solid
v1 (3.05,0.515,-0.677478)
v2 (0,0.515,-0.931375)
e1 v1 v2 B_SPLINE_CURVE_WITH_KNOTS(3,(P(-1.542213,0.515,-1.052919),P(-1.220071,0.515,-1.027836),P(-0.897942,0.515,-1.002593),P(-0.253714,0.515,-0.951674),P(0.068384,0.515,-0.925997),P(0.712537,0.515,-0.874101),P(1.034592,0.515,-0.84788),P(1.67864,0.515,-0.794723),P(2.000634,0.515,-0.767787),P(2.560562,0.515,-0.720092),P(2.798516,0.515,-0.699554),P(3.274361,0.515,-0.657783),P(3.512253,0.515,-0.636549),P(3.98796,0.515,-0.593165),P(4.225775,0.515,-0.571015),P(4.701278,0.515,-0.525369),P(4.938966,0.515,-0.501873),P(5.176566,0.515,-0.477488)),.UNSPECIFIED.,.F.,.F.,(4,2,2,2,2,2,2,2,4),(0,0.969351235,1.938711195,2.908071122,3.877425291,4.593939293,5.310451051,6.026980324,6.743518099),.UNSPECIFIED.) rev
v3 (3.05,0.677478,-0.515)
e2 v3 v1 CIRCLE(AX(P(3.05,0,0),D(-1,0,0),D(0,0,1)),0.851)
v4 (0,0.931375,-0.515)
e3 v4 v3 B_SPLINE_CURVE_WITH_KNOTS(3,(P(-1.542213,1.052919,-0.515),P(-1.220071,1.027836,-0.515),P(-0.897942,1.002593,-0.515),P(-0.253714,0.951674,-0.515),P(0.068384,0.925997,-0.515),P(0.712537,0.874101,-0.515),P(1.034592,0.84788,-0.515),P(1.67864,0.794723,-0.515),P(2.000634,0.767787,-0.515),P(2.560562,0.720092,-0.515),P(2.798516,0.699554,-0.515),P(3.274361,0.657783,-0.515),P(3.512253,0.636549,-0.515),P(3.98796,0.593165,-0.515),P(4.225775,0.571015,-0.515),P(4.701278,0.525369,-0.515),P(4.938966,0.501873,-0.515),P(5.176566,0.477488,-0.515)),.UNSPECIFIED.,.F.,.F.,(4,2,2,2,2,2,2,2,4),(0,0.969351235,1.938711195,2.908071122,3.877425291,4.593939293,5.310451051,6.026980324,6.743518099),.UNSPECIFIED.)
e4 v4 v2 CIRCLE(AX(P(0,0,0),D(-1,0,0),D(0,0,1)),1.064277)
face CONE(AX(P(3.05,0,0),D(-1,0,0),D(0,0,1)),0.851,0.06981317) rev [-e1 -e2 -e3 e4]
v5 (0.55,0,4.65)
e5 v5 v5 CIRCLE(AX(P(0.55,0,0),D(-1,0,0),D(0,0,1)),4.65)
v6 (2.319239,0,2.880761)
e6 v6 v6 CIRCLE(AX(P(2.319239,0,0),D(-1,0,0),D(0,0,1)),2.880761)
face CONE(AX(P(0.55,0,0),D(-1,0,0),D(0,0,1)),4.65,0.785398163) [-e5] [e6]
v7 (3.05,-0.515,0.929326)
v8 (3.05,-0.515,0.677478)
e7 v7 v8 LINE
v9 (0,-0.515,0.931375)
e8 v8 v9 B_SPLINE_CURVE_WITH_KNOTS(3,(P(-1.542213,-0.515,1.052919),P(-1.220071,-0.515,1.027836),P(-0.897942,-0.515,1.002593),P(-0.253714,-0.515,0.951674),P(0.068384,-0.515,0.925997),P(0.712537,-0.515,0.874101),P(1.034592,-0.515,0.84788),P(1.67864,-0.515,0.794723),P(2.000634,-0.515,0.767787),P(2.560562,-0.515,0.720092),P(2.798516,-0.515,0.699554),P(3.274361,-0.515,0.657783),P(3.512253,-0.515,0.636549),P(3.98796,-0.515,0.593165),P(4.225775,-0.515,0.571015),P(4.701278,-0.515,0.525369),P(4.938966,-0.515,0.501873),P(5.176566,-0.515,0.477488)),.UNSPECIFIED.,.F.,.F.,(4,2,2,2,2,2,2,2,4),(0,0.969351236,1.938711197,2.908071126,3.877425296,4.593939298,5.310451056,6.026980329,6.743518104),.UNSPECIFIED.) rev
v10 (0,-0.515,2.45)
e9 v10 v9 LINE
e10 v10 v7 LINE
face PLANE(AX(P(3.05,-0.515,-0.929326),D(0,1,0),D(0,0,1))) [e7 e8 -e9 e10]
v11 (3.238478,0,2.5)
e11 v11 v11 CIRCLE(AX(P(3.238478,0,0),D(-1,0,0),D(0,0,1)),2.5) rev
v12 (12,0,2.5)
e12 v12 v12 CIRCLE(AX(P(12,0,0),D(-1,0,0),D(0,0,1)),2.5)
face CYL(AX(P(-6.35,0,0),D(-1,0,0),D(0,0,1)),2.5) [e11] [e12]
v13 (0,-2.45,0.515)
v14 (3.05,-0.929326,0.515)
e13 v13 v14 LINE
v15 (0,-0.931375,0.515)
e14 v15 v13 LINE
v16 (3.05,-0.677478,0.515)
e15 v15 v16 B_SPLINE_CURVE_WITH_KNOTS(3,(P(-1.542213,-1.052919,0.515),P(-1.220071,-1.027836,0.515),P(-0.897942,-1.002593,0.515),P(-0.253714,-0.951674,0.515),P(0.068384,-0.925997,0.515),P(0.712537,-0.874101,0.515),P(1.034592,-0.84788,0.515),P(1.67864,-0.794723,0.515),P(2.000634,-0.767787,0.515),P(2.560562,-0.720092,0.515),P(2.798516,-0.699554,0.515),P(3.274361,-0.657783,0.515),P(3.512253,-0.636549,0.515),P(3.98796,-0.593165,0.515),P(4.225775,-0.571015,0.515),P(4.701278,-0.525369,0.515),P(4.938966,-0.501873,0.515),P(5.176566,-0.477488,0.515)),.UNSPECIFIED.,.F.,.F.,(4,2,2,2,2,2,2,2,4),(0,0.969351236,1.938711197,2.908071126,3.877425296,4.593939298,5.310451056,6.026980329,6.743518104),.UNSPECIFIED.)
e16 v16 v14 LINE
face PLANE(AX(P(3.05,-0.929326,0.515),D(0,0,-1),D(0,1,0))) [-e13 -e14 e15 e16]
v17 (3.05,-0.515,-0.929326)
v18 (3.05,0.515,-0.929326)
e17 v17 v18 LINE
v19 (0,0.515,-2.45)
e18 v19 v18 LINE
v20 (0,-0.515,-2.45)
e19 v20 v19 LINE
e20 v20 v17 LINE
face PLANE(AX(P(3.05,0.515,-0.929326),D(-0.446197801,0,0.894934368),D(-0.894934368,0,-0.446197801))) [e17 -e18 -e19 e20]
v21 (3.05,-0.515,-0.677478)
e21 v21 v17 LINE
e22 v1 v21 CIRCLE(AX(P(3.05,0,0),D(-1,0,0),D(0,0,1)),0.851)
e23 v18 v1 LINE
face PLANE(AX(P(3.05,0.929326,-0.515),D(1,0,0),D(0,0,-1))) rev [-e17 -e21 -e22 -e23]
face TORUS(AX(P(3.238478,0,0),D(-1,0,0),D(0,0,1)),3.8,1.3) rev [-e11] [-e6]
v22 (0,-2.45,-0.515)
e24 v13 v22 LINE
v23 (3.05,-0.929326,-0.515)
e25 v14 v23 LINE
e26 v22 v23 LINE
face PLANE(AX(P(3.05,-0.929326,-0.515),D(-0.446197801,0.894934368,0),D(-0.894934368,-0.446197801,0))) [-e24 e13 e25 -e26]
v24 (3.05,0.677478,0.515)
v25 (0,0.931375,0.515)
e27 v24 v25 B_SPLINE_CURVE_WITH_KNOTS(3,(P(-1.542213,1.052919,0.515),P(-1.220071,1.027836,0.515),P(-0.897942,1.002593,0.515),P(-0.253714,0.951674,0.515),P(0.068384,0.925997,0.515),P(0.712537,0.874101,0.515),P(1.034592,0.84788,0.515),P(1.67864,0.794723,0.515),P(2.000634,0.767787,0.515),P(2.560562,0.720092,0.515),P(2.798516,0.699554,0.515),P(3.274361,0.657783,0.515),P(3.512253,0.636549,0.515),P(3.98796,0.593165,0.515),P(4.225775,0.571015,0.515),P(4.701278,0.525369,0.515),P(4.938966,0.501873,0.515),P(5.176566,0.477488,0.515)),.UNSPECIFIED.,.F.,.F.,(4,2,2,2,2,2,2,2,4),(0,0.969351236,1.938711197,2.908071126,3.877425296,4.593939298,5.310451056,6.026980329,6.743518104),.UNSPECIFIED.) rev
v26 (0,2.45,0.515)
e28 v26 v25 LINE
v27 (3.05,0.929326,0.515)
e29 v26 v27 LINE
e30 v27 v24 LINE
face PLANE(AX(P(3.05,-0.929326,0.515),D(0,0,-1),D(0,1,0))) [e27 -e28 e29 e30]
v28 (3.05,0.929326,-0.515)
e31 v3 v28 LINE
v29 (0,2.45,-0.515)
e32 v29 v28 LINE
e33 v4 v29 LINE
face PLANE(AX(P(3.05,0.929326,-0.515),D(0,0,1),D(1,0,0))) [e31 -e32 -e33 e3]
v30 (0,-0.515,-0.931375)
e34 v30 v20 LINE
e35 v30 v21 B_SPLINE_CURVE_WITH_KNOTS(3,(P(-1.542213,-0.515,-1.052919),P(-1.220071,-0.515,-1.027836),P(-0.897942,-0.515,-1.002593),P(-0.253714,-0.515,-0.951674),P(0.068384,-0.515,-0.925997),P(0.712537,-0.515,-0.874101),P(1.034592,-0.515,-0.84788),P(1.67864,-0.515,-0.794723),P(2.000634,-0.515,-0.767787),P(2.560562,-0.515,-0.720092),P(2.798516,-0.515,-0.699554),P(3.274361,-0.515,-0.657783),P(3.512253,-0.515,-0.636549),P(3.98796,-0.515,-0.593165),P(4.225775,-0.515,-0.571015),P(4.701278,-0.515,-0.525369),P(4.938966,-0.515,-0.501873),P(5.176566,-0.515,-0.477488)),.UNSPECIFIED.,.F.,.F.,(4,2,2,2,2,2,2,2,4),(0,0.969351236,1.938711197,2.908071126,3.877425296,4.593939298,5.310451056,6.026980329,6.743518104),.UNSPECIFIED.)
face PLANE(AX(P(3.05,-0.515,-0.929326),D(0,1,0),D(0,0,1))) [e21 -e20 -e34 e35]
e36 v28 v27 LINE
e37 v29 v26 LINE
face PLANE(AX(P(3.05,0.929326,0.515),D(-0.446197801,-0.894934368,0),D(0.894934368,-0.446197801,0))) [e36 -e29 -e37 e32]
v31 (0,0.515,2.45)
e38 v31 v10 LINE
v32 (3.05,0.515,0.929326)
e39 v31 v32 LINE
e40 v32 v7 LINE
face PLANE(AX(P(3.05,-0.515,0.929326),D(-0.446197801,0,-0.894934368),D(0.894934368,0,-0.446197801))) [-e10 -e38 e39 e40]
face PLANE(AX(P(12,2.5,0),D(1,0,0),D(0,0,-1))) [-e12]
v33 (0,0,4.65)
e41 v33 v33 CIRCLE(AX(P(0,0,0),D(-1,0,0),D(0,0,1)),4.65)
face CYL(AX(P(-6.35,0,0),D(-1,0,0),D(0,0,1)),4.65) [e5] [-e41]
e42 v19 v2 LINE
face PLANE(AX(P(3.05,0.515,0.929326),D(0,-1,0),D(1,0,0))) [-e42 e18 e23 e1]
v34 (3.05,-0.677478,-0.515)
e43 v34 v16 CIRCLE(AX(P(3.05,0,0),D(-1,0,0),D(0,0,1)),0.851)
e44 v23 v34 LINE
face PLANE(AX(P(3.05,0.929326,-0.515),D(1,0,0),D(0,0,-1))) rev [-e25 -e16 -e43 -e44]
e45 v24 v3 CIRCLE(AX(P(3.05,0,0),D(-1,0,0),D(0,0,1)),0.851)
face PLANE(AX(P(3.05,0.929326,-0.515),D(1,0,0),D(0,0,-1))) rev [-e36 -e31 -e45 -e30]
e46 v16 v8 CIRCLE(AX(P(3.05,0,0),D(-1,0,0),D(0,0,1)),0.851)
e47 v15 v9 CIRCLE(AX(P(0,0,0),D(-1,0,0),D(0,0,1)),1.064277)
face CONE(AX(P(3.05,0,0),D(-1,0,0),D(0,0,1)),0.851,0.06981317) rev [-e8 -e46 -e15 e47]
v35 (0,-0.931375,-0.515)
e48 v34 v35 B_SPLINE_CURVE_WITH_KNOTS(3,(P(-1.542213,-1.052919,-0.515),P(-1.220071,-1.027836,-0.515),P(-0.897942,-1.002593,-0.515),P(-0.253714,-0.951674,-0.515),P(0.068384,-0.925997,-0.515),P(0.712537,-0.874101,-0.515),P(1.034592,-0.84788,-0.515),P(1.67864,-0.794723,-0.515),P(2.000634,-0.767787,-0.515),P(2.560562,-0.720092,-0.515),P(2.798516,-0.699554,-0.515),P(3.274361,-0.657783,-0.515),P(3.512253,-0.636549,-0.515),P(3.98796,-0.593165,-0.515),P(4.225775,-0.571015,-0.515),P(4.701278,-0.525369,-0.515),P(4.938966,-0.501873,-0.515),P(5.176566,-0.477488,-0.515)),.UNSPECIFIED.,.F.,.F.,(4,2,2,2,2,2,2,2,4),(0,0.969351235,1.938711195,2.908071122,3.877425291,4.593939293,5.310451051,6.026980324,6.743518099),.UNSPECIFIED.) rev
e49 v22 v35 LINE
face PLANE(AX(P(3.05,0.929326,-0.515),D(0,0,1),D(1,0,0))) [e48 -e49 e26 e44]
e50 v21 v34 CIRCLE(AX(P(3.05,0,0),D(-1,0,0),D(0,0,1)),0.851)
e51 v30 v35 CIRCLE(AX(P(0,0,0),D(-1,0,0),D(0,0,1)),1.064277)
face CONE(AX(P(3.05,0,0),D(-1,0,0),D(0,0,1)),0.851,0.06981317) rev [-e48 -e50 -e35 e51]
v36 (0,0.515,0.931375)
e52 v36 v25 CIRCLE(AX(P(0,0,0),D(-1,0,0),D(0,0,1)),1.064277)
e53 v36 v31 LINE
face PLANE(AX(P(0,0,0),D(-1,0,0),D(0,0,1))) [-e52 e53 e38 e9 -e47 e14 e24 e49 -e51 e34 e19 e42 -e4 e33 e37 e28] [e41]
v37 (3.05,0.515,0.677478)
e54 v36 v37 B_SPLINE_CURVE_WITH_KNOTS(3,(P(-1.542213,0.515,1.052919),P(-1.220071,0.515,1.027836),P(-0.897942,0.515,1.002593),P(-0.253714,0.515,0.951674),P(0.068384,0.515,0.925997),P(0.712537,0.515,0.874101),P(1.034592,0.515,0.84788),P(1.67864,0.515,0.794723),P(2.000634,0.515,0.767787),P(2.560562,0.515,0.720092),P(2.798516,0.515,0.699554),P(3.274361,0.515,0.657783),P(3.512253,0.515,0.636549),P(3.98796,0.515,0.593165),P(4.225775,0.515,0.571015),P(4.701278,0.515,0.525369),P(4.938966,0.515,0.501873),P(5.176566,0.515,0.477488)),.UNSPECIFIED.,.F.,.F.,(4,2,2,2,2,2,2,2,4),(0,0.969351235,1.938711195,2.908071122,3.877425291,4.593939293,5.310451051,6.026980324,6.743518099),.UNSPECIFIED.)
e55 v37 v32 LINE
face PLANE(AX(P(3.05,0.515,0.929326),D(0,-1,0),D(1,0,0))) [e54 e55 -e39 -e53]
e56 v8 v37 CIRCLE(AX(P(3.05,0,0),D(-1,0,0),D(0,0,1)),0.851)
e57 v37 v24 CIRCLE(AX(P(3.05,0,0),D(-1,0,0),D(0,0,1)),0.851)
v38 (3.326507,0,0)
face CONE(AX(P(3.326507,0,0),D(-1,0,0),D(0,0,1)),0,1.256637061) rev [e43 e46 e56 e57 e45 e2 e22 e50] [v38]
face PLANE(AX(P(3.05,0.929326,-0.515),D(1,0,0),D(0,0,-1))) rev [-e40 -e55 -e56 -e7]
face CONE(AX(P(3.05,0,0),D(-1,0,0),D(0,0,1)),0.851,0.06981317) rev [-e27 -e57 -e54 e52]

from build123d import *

# Parameters (mm, degrees)
FILLET1_R    = 1.3
RECPAT_COUNT = 2
RECPAT_ANGLE = 90


with BuildPart() as part:
    # BodySke → Base-Revolve (revolve)
    with BuildSketch(Plane.XY, mode=Mode.PRIVATE) as base_revolve_sk:
        Polygon((0, 0), (0, 4.65), (0.55, 4.65), (2.7, 2.5), (12, 2.5), (12, 0), align=None)
    revolve(base_revolve_sk.sketch.rotate(Axis((-6.35, 0, 0), (1, 0, 0)), 90), axis=Axis((-6.35, 0, 0), (1, 0, 0)))

    # Fillet1
    fillet1_edges = [part.edges().sort_by_distance(p)[0] for p in [
        (2.7, 0, -2.5),
    ]]
    fillet(fillet1_edges, radius=FILLET1_R)

    # Sketch3 → Recess section 0
    with BuildSketch(Plane.ZY):
        with BuildLine():
            Line((-0.515, 2.45), (0.515, 2.45))
            Line((0.515, 2.45), (0.515, -2.45))
            Line((0.515, -2.45), (-0.515, -2.45))
            Line((-0.515, -2.45), (-0.515, 2.45))
        make_face()
    # Sketch4 → Recess section 1
    with BuildSketch(Plane.ZY.offset(-3.05)):
        with BuildLine():
            Line((-0.515, 0.929326148), (0.515, 0.929326148))
            Line((0.515, 0.929326148), (0.515, -0.929326148))
            Line((0.515, -0.929326148), (-0.515, -0.929326148))
            Line((-0.515, -0.929326148), (-0.515, 0.929326148))
        make_face()
    recess = loft(mode=Mode.SUBTRACT)

    # RecPat: Recess ×2 about axis
    recpat_axis = Axis((0, 0, 0), (1, 0, 0))
    for i in range(1, RECPAT_COUNT):
        add(recess.rotate(recpat_axis, i * RECPAT_ANGLE / (RECPAT_COUNT - 1)), mode=Mode.SUBTRACT)

    # RecCorSke → RecessCore (revolve, cut)
    with BuildSketch(Plane.XY, mode=Mode.PRIVATE) as recesscore_sk:
        Polygon((0, 0), (0, 1.064276776), (3.05, 0.851), (3.326506661, 0), align=None)
    revolve(recesscore_sk.sketch.rotate(Axis((-3.175, 0, 0), (1, 0, 0)), 90), axis=Axis((-3.175, 0, 0), (1, 0, 0)), mode=Mode.SUBTRACT)


solid = part.part
